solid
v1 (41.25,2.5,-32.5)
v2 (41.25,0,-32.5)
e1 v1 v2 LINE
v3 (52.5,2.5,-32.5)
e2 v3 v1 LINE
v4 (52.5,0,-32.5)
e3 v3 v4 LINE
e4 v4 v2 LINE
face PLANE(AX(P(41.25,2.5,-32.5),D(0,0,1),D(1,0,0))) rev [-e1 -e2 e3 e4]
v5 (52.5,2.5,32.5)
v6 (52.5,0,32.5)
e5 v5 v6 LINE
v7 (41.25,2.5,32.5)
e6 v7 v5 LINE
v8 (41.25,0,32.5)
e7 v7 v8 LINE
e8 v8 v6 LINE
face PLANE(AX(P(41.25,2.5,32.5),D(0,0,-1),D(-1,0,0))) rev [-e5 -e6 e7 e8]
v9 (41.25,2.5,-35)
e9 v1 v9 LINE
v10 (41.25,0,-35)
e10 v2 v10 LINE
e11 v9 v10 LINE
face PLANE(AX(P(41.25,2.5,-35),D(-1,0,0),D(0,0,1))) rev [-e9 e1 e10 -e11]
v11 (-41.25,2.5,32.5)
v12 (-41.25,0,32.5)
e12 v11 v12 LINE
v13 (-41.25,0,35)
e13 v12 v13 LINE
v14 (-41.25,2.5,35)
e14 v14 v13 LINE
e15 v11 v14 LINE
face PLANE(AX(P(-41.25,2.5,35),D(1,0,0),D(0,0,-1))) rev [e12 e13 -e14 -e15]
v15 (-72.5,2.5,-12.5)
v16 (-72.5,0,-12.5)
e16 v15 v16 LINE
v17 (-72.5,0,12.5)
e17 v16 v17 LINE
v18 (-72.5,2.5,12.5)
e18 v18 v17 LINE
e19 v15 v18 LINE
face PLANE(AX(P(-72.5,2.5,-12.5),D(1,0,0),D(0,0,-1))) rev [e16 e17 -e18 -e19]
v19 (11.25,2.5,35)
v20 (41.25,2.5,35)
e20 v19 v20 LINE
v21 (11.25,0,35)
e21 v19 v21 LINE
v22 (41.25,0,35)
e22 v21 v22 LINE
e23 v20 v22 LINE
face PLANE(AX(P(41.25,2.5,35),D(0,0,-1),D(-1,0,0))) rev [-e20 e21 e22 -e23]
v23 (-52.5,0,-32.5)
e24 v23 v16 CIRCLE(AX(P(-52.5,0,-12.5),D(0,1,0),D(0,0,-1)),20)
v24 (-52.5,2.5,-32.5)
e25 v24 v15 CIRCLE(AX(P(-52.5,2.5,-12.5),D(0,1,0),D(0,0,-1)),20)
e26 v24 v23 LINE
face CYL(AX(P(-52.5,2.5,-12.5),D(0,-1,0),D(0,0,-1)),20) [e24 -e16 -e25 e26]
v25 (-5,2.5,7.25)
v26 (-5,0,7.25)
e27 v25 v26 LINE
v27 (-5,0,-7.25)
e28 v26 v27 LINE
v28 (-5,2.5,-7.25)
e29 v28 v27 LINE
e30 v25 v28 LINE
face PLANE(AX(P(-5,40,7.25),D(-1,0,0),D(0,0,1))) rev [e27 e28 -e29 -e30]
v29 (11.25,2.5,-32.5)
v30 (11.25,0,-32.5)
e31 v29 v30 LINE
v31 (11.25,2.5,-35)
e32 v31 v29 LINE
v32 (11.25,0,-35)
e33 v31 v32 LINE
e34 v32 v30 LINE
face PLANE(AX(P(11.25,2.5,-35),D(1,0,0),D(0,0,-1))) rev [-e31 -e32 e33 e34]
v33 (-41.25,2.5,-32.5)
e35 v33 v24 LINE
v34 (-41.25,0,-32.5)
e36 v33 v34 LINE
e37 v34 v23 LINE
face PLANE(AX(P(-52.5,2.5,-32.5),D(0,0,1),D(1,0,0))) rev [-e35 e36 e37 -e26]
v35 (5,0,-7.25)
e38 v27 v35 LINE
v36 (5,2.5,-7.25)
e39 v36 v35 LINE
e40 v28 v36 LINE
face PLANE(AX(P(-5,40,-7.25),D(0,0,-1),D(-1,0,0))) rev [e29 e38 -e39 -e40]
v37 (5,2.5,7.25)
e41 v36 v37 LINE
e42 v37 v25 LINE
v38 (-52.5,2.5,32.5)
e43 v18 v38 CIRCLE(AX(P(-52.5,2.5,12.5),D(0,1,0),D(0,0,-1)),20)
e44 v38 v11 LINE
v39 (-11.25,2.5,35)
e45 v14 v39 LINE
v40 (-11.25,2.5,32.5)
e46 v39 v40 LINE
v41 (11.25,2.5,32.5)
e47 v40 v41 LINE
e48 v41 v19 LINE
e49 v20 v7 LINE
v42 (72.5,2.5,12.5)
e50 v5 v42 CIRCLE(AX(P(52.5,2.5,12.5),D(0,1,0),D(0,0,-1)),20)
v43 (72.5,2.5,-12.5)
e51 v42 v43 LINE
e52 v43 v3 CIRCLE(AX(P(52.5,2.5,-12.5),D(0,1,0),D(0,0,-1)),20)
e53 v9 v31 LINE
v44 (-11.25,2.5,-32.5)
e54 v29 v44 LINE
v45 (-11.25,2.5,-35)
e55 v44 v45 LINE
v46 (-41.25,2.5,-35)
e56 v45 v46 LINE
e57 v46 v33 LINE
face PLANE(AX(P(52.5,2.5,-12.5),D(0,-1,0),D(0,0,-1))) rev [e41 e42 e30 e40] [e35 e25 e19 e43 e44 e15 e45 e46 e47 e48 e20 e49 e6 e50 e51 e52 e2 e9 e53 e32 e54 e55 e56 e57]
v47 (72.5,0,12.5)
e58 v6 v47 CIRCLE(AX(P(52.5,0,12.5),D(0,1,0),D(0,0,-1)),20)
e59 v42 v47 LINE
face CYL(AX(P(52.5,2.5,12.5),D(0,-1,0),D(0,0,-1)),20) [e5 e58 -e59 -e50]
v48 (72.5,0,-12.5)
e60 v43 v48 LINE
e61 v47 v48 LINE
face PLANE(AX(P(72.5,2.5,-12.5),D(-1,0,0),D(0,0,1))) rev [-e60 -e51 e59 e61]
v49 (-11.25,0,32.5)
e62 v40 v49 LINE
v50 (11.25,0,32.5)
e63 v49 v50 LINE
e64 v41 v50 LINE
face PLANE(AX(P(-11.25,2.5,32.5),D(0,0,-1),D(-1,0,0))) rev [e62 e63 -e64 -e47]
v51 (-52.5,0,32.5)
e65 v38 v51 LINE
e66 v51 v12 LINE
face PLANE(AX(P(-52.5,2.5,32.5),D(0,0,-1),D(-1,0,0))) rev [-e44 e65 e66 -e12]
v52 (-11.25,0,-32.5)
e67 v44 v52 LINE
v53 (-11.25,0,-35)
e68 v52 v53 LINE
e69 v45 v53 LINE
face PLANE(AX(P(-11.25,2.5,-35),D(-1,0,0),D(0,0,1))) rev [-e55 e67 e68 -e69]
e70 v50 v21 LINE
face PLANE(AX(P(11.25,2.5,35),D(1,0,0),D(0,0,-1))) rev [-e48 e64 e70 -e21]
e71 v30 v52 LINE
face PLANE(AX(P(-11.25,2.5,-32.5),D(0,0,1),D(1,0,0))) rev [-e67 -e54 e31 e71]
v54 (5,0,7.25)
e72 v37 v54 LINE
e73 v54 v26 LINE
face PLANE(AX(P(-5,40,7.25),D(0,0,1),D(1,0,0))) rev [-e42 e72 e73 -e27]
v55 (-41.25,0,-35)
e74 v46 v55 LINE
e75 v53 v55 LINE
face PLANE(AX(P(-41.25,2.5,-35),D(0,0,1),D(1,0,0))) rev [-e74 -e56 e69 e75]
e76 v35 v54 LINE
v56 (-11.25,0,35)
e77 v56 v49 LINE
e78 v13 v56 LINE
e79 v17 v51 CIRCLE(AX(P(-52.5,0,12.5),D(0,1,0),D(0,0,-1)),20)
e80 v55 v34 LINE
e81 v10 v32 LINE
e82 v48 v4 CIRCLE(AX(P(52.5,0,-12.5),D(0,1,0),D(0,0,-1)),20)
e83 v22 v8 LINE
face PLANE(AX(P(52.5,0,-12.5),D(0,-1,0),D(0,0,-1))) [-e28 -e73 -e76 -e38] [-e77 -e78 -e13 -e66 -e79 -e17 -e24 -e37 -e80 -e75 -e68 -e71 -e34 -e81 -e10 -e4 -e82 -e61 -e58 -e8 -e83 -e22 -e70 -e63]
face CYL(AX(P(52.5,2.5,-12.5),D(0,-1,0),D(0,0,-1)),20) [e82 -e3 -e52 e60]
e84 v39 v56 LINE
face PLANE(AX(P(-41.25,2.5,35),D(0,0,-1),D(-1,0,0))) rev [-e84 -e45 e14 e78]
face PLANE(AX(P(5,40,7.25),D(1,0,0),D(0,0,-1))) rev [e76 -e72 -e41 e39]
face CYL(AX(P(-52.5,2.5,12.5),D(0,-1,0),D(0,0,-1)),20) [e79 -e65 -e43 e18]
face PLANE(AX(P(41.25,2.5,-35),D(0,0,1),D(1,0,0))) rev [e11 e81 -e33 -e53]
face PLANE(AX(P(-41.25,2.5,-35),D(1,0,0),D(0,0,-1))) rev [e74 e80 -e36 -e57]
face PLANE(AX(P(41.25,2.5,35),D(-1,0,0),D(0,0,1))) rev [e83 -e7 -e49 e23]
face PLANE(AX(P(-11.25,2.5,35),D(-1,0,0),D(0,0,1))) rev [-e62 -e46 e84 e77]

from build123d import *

# Parameters (mm, degrees)
BOSS_EXTRUDE2_DEPTH = 2.5
SKETCH3_W           = 10
SKETCH3_H           = 14.5
CUT_EXTRUDE3_DEPTH  = 40


with BuildPart() as part:
    # Sketch1 → Boss-Extrude2 (new body)
    with BuildSketch(Plane(origin=(0, 0, 0), x_dir=(1, 0, 0), z_dir=(0, 1, 0))):
        with BuildLine():
            Line((-52.5, 32.5), (-41.25, 32.5))
            Line((-41.25, 32.5), (-41.25, 35))
            Line((-41.25, 35), (-11.25, 35))
            Line((-11.25, 35), (-11.25, 32.5))
            Line((-11.25, 32.5), (11.25, 32.5))
            Line((11.25, 32.5), (11.25, 35))
            Line((11.25, 35), (41.25, 35))
            Line((41.25, 35), (41.25, 32.5))
            Line((41.25, 32.5), (52.5, 32.5))
            ThreePointArc((52.5, 32.5), (66.642135624, 26.642135624), (72.5, 12.5))
            Line((72.5, 12.5), (72.5, -12.5))
            ThreePointArc((72.5, -12.5), (66.642135624, -26.642135624), (52.5, -32.5))
            Line((52.5, -32.5), (41.25, -32.5))
            Line((41.25, -32.5), (41.25, -35))
            Line((41.25, -35), (11.25, -35))
            Line((11.25, -35), (11.25, -32.5))
            Line((11.25, -32.5), (-11.25, -32.5))
            Line((-11.25, -32.5), (-11.25, -35))
            Line((-11.25, -35), (-41.25, -35))
            Line((-41.25, -35), (-41.25, -32.5))
            Line((-41.25, -32.5), (-52.5, -32.5))
            ThreePointArc((-52.5, -32.5), (-66.642135624, -26.642135624), (-72.5, -12.5))
            Line((-72.5, -12.5), (-72.5, 12.5))
            ThreePointArc((-72.5, 12.5), (-66.642135624, 26.642135624), (-52.5, 32.5))
        make_face()
    extrude(amount=BOSS_EXTRUDE2_DEPTH)

    # Sketch3 → Cut-Extrude3 (cut)
    with BuildSketch(Plane.XZ):
        Rectangle(SKETCH3_W, SKETCH3_H)
    extrude(amount=-CUT_EXTRUDE3_DEPTH, mode=Mode.SUBTRACT)


solid = part.part
